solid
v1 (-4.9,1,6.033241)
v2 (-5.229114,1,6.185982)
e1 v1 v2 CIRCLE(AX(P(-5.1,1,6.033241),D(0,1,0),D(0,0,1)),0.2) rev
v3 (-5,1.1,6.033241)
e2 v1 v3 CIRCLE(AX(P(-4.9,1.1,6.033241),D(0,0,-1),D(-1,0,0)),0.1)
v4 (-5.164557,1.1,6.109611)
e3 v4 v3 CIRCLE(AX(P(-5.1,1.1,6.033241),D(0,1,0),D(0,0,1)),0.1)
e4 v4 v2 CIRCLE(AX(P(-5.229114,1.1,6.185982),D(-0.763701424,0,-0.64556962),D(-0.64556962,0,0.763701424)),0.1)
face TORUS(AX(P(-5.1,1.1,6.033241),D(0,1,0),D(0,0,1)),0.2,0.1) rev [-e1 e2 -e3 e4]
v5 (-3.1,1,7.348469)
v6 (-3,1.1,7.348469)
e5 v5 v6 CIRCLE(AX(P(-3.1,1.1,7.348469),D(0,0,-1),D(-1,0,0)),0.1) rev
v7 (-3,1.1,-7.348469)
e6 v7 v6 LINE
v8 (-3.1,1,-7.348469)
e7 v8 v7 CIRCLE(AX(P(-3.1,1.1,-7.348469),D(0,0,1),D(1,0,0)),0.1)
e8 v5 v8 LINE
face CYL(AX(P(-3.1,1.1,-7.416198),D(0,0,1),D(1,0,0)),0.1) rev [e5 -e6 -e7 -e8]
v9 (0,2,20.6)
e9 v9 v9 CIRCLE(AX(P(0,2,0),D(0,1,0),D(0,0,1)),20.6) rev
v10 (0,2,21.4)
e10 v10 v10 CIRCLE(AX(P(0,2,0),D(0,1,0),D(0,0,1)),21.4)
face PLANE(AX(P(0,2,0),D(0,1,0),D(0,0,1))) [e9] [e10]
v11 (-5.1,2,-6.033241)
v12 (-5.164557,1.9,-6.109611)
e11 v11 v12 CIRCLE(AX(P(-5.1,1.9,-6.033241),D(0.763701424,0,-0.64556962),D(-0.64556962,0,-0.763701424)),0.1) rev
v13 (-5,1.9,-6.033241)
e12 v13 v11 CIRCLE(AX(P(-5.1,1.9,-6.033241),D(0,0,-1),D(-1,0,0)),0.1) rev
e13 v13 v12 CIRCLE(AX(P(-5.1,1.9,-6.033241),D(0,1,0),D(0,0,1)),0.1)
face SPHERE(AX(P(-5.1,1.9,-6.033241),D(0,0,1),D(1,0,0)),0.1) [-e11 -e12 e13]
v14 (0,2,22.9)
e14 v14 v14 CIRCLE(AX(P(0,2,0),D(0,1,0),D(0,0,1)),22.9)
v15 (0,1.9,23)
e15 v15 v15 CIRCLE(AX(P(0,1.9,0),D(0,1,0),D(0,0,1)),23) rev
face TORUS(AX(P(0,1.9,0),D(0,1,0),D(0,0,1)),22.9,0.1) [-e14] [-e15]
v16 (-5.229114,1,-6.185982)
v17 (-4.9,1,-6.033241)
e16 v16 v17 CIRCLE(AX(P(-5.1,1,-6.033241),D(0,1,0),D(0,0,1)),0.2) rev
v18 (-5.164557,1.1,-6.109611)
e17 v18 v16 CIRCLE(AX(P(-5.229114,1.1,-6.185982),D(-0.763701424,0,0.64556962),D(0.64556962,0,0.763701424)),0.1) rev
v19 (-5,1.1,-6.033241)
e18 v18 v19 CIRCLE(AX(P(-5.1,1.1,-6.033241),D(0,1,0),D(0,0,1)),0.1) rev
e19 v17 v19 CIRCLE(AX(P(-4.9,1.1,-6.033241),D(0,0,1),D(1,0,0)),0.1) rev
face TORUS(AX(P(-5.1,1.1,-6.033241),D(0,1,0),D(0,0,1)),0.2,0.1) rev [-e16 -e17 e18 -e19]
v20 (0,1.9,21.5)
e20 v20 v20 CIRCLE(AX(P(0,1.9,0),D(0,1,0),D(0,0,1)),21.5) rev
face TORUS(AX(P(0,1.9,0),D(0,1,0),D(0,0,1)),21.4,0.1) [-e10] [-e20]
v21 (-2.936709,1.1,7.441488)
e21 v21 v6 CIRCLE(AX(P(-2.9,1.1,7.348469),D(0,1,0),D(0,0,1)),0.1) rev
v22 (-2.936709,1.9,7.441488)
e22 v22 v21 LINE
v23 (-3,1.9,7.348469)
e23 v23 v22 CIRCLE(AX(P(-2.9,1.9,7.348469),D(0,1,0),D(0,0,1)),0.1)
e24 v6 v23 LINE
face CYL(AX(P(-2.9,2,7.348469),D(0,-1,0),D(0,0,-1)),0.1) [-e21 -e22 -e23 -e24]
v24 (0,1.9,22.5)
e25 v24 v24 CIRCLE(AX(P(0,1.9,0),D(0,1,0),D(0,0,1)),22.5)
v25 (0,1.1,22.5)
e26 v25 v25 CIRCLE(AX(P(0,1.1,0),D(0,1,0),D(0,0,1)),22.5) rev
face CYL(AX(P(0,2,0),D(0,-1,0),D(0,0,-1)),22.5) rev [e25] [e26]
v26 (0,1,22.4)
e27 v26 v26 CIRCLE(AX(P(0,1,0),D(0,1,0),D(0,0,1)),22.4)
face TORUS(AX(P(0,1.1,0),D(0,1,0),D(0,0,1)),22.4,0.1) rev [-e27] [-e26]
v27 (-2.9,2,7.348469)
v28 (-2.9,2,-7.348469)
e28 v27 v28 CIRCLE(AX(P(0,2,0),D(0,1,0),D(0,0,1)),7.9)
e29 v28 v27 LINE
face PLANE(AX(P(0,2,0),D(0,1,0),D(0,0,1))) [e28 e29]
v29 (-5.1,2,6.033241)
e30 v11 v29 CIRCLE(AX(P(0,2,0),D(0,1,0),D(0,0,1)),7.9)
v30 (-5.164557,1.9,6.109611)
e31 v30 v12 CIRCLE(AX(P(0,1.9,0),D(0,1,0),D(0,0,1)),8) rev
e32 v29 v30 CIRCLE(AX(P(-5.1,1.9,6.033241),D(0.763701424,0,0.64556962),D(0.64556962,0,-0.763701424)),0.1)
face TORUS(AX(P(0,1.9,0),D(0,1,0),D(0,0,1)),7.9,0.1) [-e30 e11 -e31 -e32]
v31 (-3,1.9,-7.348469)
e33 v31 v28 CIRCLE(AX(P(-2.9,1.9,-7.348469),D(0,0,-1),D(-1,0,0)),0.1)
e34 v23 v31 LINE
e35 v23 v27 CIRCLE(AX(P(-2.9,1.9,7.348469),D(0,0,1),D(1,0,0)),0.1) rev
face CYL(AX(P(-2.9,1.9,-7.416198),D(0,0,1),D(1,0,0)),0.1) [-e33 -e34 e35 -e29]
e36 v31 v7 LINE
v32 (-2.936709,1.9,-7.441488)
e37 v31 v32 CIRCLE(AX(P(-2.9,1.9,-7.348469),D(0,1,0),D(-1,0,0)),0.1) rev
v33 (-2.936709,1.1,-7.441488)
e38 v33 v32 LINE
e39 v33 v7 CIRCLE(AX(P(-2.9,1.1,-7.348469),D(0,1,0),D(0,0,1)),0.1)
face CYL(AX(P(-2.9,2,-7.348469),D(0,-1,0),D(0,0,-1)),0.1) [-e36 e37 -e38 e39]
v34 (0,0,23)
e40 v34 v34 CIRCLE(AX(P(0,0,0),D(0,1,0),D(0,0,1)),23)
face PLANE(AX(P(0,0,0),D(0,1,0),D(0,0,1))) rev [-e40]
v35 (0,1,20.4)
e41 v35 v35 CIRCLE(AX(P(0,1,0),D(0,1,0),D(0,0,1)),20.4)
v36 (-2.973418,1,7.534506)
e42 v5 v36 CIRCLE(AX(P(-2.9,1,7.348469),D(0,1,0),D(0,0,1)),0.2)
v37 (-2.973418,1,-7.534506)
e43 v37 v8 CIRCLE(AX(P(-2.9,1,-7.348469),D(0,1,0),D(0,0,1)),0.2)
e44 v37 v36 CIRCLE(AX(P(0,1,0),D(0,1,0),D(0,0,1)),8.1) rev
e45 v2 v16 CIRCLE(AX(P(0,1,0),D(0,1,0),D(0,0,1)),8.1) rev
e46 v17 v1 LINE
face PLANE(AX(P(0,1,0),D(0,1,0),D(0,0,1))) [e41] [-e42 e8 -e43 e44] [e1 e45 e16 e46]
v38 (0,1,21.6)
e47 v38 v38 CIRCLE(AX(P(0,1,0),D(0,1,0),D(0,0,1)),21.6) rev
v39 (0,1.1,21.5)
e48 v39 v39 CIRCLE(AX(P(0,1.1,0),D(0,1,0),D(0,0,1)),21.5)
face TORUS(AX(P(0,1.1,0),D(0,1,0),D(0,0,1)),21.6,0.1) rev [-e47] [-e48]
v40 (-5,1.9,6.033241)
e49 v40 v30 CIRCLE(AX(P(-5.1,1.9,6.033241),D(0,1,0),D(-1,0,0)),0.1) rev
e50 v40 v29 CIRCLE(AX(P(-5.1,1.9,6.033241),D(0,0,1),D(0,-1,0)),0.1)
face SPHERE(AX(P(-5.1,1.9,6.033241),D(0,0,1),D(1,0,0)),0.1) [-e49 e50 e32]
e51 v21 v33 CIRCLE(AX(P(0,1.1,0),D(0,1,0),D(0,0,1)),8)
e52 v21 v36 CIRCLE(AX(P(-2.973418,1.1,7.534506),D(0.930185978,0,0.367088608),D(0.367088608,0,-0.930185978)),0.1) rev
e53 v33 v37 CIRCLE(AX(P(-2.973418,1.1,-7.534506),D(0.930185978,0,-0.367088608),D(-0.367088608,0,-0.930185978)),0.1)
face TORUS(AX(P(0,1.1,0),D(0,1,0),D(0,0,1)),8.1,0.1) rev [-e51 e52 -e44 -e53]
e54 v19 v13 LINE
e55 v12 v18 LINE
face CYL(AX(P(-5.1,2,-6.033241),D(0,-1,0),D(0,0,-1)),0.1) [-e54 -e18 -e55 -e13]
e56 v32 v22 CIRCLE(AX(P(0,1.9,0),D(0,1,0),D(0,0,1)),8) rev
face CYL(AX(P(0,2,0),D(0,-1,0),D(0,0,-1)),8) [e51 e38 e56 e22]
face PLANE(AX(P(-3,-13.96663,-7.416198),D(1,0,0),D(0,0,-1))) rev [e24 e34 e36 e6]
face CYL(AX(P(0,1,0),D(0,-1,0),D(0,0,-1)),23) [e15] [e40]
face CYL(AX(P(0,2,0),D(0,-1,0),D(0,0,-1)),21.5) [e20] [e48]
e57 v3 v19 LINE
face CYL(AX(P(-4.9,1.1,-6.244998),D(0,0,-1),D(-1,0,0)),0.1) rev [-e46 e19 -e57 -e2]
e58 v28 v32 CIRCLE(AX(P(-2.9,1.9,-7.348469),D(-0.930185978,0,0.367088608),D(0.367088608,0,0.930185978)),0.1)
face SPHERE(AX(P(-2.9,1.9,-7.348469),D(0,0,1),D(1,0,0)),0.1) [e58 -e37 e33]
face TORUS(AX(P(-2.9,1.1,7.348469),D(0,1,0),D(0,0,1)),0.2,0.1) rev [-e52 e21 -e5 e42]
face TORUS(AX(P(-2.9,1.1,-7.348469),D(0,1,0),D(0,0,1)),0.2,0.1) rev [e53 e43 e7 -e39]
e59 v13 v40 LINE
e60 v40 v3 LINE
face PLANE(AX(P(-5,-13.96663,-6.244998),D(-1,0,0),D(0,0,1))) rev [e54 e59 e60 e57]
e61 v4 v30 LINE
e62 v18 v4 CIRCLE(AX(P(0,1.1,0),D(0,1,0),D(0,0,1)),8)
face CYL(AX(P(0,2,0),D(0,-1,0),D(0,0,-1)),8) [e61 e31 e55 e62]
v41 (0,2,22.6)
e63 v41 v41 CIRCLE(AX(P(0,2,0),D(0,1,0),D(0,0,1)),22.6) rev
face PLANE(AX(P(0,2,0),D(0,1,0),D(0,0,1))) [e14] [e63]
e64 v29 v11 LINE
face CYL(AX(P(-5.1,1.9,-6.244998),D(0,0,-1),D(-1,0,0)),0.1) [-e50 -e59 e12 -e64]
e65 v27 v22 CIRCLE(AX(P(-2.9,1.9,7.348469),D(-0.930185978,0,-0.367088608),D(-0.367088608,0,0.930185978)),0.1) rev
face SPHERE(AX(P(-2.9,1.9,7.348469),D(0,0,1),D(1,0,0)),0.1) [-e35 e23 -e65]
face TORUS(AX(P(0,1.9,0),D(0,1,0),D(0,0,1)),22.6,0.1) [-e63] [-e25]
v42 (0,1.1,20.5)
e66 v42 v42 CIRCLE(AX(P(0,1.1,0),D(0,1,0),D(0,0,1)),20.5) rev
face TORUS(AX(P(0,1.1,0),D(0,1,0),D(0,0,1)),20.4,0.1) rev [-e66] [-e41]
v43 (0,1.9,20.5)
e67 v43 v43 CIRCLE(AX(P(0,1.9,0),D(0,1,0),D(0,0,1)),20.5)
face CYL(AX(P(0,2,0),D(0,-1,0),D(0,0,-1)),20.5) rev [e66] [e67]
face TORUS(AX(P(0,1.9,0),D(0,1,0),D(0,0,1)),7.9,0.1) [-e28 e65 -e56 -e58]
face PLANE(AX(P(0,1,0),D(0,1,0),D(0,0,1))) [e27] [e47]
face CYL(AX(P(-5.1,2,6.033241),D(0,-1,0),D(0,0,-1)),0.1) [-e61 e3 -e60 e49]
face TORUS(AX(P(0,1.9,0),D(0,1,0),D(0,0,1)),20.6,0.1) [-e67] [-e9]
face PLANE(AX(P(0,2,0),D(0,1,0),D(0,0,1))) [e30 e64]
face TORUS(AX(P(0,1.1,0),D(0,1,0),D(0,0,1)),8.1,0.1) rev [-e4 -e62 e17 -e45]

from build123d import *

# Parameters (mm, degrees)
BASES_R                   = 23
BASE_DEPTH                = 1
OUTERRINGPROFILES_R       = 23
OUTERRINGPROFILES_R_2     = 22.5
OUTERRINGPROFILE_DEPTH    = 1
WIREENCAPSULATINGS_R      = 21.5
WIREENCAPSULATINGS_R_2    = 20.5
WIREENCAPSULATINGS_R_3    = 8
WIREENCAPSULATING_DEPTH   = 1
WIREACCESS_START          = -1
WIREACCESS_DEPTH          = 1
WIREENCAPSULATINGFILLET_R = 0.1


with BuildPart() as part:
    # BaseS → Base (new body)
    with BuildSketch(Plane(origin=(0, 0, 0), x_dir=(1, 0, 0), z_dir=(0, 1, 0))):
        with Locations(Location((0, 0, 0), (0, 0, 270))):
            Circle(BASES_R)
    extrude(amount=BASE_DEPTH)

    # OuterRingProfileS → OuterRingProfile (add)
    with BuildSketch(Plane(origin=(0, 1, 0), x_dir=(1, 0, 0), z_dir=(0, 1, 0))):
        with Locations(Location((0, 0, 0), (0, 0, 270))):
            Circle(OUTERRINGPROFILES_R)
        with Locations(Location((0, 0, 0), (0, 0, 270))):
            Circle(OUTERRINGPROFILES_R_2, mode=Mode.SUBTRACT)
    extrude(amount=OUTERRINGPROFILE_DEPTH)

    # WireEncapsulatingS → WireEncapsulating (add)
    # profile 1 of 2: a face of its own
    with BuildSketch(Plane(origin=(0, 1, 0), x_dir=(1, 0, 0), z_dir=(0, 1, 0))):
        with Locations(Location((0, 0, 0), (0, 0, 270))):
            Circle(WIREENCAPSULATINGS_R)
        with Locations(Location((0, 0, 0), (0, 0, 270))):
            Circle(WIREENCAPSULATINGS_R_2, mode=Mode.SUBTRACT)
    # profile 2 of 2: a face of its own
    with BuildSketch(Plane(origin=(0, 1, 0), x_dir=(1, 0, 0), z_dir=(0, 1, 0))):
        with Locations(Location((0, 0, 0), (0, 0, 270))):
            Circle(WIREENCAPSULATINGS_R_3)
    extrude(amount=WIREENCAPSULATING_DEPTH)

    # WireAccessS → WireAccess (cut)
    with BuildSketch(Plane(origin=(0, 2, 0), x_dir=(1, 0, 0), z_dir=(0, 1, 0)).offset(WIREACCESS_START)):
        with BuildLine():
            Line((-5, 6.244997998), (-5, -6.244997998))
            ThreePointArc((-5, -6.244997998), (-4.042638698, -6.903410197), (-3, -7.416198487))
            Line((-3, -7.416198487), (-3, 7.416198487))
            ThreePointArc((-3, 7.416198487), (-4.042638698, 6.903410197), (-5, 6.244997998))
        make_face()
    extrude(amount=WIREACCESS_DEPTH, mode=Mode.SUBTRACT)

    # WireEncapsulatingFillet
    wireencapsulatingfillet_edges = [part.edges().sort_by_distance(p)[0] for p in [
        (0, 1, -20.5),
        (0, 2, -20.5),
        (0, 1, -21.5),
        (0, 2, -21.5),
        (-8, 1, 0),
        (8, 1, 0),
        (-8, 2, 0),
        (8, 2, 0),
        (-5, 1.5, -6.244997998),
        (-3, 1.5, -7.416198487),
        (-3, 1.5, 7.416198487),
        (-5, 1.5, 6.244997998),
        (-5, 2, 0),
        (-3, 2, 0),
        (-3, 1, 0),
        (-5, 1, 0),
        (0, 1, -22.5),
        (0, 2, -23),
        (0, 2, -22.5),
    ]]
    fillet(wireencapsulatingfillet_edges, radius=WIREENCAPSULATINGFILLET_R)


solid = part.part
